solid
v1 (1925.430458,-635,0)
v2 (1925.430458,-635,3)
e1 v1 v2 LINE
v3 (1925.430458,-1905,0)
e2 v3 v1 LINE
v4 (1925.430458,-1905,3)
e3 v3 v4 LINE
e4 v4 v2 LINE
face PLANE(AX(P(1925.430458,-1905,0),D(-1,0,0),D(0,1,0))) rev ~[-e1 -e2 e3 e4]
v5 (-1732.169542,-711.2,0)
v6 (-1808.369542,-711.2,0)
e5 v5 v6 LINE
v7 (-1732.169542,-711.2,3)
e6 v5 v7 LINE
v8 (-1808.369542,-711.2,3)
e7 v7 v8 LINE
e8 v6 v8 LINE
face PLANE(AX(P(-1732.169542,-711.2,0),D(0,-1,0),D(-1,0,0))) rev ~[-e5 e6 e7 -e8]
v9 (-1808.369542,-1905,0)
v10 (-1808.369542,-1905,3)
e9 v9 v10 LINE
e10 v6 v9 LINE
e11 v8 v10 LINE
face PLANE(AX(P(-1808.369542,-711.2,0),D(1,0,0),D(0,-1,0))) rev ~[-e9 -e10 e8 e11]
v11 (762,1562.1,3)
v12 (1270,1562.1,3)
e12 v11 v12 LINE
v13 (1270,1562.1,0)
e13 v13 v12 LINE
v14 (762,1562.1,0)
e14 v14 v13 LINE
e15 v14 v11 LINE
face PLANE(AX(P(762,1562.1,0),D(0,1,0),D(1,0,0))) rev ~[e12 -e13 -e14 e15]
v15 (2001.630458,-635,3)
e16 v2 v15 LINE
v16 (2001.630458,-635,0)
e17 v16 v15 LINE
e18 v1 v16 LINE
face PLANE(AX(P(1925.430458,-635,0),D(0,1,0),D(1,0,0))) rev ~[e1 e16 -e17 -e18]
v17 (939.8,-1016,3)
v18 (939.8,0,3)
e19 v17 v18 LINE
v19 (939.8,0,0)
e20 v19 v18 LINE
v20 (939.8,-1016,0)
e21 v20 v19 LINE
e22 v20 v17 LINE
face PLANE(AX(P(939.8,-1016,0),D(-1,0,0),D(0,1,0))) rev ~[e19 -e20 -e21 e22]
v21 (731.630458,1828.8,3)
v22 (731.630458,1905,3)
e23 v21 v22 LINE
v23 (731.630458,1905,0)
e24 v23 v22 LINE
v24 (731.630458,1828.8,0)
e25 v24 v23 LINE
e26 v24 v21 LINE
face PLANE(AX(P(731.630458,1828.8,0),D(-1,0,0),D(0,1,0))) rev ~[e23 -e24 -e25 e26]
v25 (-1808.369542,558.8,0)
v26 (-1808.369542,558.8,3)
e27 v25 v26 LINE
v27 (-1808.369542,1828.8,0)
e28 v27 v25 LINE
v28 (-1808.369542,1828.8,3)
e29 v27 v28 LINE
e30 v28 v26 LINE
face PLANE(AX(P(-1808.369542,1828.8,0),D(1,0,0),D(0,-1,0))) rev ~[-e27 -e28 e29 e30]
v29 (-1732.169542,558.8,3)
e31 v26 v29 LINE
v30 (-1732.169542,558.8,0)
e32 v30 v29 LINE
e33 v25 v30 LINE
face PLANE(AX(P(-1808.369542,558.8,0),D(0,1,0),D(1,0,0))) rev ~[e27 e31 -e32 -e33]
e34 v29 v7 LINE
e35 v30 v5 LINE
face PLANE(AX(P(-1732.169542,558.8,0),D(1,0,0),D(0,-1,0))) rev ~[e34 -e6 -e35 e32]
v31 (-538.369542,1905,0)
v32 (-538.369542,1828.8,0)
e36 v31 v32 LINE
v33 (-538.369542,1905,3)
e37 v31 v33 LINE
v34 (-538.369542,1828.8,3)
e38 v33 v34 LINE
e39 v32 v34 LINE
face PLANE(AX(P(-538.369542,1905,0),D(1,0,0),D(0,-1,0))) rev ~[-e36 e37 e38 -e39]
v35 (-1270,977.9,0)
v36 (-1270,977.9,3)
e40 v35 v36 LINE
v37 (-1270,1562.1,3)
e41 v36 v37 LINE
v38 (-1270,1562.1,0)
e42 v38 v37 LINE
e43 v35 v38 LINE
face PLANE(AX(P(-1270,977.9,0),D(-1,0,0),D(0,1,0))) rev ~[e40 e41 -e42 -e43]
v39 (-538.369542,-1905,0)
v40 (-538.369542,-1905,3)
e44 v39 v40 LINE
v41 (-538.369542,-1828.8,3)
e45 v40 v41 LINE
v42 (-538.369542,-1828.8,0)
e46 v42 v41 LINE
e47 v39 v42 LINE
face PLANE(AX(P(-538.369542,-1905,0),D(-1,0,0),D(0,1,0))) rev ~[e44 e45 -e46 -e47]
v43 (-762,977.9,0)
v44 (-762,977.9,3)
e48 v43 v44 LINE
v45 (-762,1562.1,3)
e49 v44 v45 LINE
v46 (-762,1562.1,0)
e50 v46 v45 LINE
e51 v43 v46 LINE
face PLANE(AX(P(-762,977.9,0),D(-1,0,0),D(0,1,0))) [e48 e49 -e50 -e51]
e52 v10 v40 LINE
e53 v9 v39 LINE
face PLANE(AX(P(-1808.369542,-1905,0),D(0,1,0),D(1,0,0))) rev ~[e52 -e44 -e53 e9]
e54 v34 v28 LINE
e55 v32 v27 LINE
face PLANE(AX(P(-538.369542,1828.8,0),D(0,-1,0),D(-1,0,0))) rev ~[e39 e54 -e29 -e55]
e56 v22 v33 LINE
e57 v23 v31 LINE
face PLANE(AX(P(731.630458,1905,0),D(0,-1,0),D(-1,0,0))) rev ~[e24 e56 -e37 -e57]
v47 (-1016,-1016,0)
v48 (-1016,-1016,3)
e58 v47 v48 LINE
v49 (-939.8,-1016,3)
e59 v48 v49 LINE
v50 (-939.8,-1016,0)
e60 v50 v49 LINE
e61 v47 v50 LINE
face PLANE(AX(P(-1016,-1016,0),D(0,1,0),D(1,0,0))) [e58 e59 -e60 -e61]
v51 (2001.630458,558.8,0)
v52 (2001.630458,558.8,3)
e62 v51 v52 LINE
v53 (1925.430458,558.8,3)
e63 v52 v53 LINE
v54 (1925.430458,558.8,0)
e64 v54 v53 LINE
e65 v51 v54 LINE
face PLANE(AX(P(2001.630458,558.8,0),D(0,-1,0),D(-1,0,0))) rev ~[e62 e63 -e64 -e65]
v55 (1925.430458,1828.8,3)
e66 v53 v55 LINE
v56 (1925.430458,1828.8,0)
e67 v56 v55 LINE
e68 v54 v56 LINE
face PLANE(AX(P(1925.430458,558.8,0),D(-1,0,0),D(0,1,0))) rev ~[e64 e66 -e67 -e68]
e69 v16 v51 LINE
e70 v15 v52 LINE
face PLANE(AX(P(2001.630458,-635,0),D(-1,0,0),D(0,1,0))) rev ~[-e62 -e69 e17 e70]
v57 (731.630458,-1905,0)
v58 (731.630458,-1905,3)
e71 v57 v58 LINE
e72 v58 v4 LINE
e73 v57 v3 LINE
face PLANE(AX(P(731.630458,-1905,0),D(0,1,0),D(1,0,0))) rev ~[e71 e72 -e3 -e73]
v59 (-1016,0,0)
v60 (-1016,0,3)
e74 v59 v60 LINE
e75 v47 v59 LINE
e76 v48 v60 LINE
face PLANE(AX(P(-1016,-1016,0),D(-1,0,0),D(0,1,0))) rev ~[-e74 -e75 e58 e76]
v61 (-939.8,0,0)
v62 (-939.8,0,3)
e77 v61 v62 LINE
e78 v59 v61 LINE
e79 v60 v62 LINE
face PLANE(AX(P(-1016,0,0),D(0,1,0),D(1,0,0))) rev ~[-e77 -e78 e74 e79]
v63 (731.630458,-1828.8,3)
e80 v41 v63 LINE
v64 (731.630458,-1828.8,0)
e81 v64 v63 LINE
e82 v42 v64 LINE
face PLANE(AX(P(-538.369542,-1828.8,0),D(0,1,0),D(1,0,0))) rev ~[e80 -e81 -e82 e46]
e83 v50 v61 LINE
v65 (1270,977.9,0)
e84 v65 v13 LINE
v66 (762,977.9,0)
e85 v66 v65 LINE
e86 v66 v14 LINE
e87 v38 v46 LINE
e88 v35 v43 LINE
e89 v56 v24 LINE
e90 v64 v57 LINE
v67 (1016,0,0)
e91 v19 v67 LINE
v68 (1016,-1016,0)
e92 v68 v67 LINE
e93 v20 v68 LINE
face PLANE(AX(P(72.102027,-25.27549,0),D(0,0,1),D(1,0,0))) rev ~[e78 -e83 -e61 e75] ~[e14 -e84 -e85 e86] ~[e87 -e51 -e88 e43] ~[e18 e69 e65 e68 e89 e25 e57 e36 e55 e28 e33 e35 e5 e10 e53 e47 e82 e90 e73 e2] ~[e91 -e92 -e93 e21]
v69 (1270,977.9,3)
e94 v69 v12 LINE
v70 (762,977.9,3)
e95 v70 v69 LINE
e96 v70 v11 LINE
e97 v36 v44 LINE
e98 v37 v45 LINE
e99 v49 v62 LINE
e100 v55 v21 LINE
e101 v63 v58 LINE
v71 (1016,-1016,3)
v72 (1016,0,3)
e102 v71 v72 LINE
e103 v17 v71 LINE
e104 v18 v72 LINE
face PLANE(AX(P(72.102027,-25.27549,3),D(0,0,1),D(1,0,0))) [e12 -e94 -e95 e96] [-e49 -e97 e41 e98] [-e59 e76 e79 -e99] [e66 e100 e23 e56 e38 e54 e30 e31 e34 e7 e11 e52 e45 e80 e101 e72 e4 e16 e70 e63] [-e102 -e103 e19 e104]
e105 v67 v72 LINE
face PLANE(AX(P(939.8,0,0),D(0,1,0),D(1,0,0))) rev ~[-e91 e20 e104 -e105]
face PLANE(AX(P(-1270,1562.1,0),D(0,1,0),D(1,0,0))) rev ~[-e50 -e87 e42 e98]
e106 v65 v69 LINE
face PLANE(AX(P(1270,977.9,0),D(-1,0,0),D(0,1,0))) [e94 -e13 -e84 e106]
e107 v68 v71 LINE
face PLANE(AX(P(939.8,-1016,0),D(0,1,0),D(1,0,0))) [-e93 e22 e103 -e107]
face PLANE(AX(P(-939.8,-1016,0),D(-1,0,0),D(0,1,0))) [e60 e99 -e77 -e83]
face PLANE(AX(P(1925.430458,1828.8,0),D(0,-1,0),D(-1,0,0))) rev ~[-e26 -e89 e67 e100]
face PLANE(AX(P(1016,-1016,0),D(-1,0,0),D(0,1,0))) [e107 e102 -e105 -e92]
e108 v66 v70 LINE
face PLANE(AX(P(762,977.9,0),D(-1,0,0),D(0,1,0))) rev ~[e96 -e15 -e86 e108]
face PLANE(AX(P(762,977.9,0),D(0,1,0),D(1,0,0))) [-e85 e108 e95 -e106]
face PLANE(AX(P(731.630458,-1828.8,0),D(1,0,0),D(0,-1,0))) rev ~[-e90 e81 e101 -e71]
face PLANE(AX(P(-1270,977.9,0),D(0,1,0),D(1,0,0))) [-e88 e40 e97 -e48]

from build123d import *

# Parameters (mm, degrees)
F0_W     = 76.2
F0_H     = 1016
F0_W_2   = 508
F0_H_2   = 584.2
F1_DEPTH = 3


with BuildPart() as f1:
    # F0 (on Top) → F1 (new body)
    with BuildSketch(Plane.XY):
        Polygon((731.630458, 1828.8), (731.630458, 1905), (-538.369542, 1905), (-538.369542, 1828.8), (-1808.369542, 1828.8), (-1808.369542, 558.8), (-1732.169542, 558.8), (-1732.169542, -711.2), (-1808.369542, -711.2), (-1808.369542, -1905), (-538.369542, -1905), (-538.369542, -1828.8), (731.630458, -1828.8), (731.630458, -1905), (1925.430458, -1905), (1925.430458, -635), (2001.630458, -635), (2001.630458, 558.8), (1925.430458, 558.8), (1925.430458, 1828.8), align=None)
        with Locations((-977.9, -508)):
            Rectangle(F0_W, F0_H, mode=Mode.SUBTRACT)
        with Locations((977.9, -508)):
            Rectangle(F0_W, F0_H, mode=Mode.SUBTRACT)
        with Locations((-1016, 1270)):
            Rectangle(F0_W_2, F0_H_2, mode=Mode.SUBTRACT)
        with Locations((1016, 1270)):
            Rectangle(F0_W_2, F0_H_2, mode=Mode.SUBTRACT)
    extrude(amount=F1_DEPTH)


solid = f1.part
